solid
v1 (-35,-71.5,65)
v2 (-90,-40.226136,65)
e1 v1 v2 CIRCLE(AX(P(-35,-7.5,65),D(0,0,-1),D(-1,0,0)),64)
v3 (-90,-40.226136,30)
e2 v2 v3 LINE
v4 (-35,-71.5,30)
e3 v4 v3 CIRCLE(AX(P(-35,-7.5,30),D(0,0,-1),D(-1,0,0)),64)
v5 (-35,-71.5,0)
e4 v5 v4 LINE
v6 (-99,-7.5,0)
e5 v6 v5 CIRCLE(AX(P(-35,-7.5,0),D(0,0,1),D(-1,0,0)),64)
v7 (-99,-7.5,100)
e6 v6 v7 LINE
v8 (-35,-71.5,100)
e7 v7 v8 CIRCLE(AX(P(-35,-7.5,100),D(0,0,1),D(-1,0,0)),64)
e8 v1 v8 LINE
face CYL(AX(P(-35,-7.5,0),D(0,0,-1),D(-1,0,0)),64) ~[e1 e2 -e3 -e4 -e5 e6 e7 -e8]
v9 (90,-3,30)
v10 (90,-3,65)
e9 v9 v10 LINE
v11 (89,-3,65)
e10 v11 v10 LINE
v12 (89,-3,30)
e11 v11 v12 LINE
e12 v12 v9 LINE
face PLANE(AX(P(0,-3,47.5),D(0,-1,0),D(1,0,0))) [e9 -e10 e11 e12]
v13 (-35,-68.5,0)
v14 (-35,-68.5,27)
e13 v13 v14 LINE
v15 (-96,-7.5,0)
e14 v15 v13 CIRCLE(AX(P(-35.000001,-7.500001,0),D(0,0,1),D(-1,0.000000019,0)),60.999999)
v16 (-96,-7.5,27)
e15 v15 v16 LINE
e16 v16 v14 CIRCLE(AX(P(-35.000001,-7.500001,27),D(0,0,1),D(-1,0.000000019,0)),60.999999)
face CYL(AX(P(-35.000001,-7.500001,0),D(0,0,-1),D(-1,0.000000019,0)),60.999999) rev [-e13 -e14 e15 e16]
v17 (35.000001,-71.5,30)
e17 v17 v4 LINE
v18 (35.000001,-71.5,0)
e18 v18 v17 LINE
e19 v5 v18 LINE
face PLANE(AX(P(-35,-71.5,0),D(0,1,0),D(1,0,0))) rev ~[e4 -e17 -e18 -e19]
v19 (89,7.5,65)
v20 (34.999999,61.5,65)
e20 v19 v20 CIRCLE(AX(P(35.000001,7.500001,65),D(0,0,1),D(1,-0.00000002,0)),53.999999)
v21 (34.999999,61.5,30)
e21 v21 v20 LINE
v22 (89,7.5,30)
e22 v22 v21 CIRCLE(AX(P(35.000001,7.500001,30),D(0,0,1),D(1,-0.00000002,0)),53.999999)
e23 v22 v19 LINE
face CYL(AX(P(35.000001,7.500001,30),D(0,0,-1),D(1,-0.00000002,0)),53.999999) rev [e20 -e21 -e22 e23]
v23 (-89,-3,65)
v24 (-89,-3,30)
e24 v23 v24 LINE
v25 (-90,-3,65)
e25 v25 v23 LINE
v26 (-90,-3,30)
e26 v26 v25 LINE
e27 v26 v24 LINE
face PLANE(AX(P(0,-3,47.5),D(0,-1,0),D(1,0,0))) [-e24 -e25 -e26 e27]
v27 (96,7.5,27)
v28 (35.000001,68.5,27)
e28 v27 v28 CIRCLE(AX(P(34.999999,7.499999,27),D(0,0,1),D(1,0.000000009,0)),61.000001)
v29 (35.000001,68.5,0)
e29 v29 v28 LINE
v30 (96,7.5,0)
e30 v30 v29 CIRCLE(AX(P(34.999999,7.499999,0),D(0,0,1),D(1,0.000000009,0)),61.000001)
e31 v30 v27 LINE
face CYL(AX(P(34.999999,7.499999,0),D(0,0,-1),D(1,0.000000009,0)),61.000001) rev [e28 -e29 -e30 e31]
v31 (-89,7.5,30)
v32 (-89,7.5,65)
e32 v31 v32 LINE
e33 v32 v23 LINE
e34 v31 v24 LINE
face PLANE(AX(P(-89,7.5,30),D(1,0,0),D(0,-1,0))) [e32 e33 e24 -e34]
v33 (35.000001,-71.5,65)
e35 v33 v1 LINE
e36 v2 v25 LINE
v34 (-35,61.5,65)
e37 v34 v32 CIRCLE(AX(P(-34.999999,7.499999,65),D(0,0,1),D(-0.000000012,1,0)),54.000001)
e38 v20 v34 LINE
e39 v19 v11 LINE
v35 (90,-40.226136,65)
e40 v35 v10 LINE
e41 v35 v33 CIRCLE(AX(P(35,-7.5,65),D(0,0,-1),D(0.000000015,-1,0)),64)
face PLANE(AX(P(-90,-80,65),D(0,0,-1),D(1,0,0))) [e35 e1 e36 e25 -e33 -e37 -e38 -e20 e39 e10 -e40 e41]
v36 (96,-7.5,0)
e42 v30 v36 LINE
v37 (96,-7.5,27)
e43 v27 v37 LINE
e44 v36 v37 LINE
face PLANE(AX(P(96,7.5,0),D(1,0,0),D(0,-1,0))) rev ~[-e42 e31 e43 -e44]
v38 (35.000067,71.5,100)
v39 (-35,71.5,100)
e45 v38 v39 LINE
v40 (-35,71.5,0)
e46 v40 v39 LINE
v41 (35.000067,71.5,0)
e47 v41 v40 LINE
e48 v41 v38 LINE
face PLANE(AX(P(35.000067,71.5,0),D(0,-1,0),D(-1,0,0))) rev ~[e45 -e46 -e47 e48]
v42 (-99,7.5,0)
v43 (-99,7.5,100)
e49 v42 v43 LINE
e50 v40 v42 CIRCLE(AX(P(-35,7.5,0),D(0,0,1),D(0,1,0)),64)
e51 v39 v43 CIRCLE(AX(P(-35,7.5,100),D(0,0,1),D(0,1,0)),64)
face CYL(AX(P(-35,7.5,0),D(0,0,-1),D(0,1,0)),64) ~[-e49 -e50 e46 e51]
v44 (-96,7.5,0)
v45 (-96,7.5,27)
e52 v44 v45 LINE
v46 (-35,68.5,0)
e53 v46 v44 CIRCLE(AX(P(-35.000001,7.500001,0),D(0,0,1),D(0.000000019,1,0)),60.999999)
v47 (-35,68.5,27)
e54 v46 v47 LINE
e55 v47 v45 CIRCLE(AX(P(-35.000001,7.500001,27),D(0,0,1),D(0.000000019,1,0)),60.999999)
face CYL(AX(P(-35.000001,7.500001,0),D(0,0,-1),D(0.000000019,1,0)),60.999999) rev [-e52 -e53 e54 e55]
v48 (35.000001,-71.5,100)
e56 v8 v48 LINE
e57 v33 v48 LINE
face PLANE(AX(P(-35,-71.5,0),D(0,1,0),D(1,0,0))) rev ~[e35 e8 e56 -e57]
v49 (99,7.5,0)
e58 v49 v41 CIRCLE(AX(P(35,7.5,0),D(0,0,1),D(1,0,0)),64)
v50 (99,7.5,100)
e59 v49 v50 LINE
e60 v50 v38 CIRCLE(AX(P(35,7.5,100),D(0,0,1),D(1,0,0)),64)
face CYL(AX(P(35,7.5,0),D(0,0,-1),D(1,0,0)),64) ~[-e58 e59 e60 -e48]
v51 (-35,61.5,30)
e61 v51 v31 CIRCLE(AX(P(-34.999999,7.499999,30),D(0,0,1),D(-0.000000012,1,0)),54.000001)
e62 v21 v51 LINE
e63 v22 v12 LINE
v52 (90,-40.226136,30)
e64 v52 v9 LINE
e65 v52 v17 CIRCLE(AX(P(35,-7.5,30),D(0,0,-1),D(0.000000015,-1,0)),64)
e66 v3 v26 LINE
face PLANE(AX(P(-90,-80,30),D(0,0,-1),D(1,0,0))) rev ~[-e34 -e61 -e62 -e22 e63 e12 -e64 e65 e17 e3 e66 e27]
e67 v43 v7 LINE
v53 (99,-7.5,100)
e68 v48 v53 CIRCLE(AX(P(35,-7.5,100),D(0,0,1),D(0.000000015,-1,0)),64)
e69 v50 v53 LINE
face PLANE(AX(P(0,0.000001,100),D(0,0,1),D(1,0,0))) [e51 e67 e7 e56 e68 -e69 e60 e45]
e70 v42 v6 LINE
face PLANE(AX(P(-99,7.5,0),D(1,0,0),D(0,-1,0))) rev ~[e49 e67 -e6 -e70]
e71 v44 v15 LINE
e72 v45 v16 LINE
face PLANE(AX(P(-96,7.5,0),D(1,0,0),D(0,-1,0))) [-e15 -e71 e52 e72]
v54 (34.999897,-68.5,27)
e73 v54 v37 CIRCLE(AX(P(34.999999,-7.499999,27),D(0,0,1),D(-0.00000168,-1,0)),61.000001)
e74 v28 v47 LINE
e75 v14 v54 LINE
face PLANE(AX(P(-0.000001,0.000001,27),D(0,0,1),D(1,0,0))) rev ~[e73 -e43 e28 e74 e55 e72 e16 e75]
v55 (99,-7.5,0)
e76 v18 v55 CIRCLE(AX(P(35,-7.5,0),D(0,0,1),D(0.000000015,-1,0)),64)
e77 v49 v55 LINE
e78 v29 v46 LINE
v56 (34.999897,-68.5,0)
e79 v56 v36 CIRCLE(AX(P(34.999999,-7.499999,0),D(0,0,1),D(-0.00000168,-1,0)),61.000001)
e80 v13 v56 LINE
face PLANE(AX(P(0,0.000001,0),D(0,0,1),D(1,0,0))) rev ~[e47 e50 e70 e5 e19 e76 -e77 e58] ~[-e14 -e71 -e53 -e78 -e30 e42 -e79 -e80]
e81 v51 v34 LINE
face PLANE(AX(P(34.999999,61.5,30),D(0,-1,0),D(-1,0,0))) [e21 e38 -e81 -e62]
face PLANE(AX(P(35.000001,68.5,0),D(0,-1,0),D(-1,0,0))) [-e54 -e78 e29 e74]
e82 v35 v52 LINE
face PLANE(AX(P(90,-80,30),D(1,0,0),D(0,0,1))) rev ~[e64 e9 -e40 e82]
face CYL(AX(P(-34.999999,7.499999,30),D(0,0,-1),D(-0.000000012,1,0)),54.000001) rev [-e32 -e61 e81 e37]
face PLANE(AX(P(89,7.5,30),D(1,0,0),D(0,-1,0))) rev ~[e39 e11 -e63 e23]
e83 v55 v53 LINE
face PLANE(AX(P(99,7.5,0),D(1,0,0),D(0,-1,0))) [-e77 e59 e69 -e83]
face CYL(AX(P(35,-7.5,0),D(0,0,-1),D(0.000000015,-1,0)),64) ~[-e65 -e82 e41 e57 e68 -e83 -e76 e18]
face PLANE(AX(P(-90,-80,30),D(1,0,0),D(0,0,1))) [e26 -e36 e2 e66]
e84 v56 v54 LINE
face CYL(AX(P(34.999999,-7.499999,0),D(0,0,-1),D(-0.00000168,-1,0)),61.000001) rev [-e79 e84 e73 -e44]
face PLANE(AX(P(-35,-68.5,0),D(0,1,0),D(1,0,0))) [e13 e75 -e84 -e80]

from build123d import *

# Parameters (mm, degrees)
PAD_DEPTH       = 100
POCKET_DEPTH    = 35
SKETCH002_W     = 180
SKETCH002_H     = 35
POCKET001_DEPTH = 77
POCKET002_DEPTH = 27


with BuildPart() as part:
    # Sketch001 → Pad (new body)
    with BuildSketch(Plane.XY):
        with BuildLine():
            ThreePointArc((99, 7.5), (80.254858, 52.75481), (35.000067, 71.5))
            Line((35.000067, 71.5), (-35, 71.5))
            ThreePointArc((-35, 71.5), (-80.254834, 52.754834), (-99, 7.5))
            Line((-99, 7.5), (-99, -7.5))
            ThreePointArc((-99, -7.5), (-80.254834, -52.754834), (-35, -71.5))
            Line((-35, -71.5), (35.000001, -71.5))
            ThreePointArc((35.000001, -71.5), (80.254834, -52.754834), (99, -7.5))
            Line((99, 7.5), (99, -7.5))
        make_face()
    extrude(amount=PAD_DEPTH)

    # Sketch → Pocket (cut)
    with BuildSketch(Plane.XY.offset(30)):
        with BuildLine():
            ThreePointArc((89, 7.5), (73.183766, 45.683767), (34.999999, 61.5))
            Line((34.999999, 61.5), (-35, 61.5))
            ThreePointArc((-35, 61.5), (-73.183766, 45.683766), (-89, 7.5))
            Line((-89, 7.5), (-89, -7.5))
            ThreePointArc((-89, -7.5), (-73.183766, -45.683766), (-35, -61.5))
            Line((-35, -61.5), (35, -61.5))
            ThreePointArc((35, -61.5), (73.183766, -45.683766), (89, -7.5))
            Line((89, 7.5), (89, -7.5))
        make_face()
    extrude(amount=POCKET_DEPTH, mode=Mode.SUBTRACT)

    # Sketch002 → Pocket001 (cut)
    with BuildSketch(Plane.XZ.offset(80)):
        with Locations((0, 47.5)):
            Rectangle(SKETCH002_W, SKETCH002_H)
    extrude(amount=-POCKET001_DEPTH, mode=Mode.SUBTRACT)

    # Sketch003 → Pocket002 (cut)
    with BuildSketch(Plane.XY):
        with BuildLine():
            ThreePointArc((96, 7.5), (78.133514, 50.633513), (35.000001, 68.5))
            Line((35.000001, 68.5), (-35, 68.5))
            ThreePointArc((-35, 68.5), (-78.133514, 50.633514), (-96, 7.5))
            Line((-96, 7.5), (-96, -7.5))
            ThreePointArc((-96, -7.5), (-78.133514, -50.633514), (-35, -68.5))
            Line((-35, -68.5), (34.999897, -68.5))
            ThreePointArc((34.999897, -68.5), (78.133477, -50.63355), (96, -7.5))
            Line((96, 7.5), (96, -7.5))
        make_face()
    extrude(amount=POCKET002_DEPTH, mode=Mode.SUBTRACT)


solid = part.part
